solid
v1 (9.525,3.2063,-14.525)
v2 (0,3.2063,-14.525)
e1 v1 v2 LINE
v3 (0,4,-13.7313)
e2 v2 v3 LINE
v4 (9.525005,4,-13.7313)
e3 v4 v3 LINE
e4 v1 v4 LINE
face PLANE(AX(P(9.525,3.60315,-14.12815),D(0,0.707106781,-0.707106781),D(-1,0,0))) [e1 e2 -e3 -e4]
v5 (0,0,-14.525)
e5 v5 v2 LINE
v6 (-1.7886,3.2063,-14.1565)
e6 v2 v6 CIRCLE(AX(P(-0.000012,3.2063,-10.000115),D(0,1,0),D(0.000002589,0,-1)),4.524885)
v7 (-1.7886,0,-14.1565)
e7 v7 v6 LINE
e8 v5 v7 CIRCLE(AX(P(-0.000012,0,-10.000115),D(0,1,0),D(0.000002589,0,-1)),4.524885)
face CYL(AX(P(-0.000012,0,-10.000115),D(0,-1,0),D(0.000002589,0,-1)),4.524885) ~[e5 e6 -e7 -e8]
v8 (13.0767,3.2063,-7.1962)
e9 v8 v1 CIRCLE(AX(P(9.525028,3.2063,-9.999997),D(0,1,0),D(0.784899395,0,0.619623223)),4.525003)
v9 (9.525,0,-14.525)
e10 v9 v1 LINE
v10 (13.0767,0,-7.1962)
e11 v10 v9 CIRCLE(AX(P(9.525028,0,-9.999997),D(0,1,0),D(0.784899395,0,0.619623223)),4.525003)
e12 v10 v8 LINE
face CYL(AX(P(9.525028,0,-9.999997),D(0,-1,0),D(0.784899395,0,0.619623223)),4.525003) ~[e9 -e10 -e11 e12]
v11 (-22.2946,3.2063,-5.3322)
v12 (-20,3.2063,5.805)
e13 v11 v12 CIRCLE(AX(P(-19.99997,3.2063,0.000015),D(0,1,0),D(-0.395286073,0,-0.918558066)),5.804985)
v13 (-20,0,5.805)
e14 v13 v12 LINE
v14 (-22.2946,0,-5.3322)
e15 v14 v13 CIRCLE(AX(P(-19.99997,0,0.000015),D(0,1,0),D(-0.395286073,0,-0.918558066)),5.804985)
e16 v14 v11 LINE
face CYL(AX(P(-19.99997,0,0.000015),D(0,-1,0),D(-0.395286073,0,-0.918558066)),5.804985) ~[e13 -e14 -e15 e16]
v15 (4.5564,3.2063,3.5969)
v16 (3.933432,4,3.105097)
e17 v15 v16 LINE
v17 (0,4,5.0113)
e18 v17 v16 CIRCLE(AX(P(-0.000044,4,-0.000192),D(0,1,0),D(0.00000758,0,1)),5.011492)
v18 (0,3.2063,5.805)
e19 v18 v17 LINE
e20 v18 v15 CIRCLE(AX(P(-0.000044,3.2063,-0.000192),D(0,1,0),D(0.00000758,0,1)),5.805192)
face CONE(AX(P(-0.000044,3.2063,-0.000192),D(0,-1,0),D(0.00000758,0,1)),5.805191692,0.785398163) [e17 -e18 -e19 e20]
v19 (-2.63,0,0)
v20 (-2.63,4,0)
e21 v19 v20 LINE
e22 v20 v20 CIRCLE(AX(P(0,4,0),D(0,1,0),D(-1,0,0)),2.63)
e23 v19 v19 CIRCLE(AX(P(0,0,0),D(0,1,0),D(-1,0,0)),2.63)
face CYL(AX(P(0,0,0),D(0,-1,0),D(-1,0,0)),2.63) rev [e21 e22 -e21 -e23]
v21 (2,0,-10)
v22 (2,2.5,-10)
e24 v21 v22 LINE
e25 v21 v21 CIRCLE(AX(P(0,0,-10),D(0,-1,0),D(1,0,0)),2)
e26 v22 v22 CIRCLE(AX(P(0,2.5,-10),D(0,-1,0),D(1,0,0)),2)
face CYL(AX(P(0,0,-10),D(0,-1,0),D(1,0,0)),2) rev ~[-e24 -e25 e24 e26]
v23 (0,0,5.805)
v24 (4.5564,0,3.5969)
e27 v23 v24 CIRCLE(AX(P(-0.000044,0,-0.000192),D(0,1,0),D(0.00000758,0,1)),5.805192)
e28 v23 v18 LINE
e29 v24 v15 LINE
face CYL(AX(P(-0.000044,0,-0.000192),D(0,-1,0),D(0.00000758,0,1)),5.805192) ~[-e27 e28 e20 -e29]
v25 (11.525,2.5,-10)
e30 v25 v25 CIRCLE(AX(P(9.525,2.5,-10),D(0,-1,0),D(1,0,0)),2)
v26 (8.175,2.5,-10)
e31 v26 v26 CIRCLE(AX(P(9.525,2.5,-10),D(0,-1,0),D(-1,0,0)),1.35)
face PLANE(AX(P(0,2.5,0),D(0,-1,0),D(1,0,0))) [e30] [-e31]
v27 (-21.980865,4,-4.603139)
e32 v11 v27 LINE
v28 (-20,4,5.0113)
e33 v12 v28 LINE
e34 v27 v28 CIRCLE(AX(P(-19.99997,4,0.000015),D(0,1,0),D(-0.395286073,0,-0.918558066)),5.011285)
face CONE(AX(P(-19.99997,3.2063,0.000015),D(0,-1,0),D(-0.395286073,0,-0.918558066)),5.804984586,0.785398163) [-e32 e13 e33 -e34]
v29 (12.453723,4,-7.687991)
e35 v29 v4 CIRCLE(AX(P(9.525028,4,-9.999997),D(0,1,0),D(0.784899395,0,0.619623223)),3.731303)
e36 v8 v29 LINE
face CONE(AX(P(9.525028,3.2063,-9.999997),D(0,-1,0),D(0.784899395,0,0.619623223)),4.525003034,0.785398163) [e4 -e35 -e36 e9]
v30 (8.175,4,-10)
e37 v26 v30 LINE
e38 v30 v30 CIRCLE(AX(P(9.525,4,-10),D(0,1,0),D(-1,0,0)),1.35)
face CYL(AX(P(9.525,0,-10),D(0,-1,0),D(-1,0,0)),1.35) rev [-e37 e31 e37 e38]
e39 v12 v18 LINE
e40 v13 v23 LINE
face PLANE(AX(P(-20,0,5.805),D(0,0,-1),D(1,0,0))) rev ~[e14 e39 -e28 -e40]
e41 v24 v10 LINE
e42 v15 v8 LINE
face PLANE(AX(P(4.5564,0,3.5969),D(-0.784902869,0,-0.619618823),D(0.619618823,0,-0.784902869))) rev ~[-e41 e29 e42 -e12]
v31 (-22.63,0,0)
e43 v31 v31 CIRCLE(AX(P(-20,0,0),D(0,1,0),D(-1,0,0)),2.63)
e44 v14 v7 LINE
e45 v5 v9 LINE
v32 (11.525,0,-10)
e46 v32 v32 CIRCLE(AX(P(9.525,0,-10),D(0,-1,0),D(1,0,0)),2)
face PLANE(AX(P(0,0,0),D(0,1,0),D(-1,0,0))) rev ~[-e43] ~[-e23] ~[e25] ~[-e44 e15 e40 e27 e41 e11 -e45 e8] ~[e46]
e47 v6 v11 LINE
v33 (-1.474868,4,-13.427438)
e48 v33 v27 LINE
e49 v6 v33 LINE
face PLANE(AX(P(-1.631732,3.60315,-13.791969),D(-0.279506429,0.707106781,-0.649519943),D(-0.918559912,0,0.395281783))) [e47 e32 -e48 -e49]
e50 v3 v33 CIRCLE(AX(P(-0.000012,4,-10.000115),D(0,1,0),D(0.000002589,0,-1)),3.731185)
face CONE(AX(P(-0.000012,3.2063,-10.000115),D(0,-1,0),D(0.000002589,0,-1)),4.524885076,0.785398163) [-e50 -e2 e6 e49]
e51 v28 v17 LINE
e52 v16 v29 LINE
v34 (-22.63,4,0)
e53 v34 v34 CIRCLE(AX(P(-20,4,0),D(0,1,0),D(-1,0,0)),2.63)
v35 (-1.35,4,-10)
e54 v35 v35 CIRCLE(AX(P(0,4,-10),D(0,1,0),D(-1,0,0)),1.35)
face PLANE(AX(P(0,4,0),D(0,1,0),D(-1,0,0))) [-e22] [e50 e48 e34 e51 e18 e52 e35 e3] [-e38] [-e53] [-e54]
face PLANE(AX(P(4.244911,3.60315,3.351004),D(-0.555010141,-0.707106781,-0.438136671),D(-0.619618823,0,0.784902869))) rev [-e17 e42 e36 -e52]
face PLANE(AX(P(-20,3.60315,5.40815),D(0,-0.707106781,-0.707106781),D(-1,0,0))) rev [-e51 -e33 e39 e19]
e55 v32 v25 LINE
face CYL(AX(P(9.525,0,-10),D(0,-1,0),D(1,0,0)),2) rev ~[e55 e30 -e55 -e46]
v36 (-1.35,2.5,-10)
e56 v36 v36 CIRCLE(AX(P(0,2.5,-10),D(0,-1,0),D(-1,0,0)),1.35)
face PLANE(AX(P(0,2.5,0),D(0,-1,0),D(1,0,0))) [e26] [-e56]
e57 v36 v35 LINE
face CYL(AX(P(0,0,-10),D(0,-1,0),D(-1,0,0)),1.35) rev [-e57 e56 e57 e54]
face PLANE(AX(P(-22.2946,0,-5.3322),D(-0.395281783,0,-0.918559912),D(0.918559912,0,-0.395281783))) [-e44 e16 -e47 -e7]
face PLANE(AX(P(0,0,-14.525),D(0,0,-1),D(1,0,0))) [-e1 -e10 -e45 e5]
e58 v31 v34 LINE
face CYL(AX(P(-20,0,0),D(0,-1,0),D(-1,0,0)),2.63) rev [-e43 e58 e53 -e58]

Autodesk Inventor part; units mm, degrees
ref_plane "YZ Plane" through (0, 0, 0) normal (1, 0, 0) x (0, 1, 0)
ref_plane "XZ Plane" through (0, 0, 0) normal (0, 1, 0) x (-1, 0, 0)
ref_plane "XY Plane" through (0, 0, 0) normal (0, 0, 1) x (1, 0, 0)
sketch "Sketch1" plane through (0, 0, 0) normal (0, 1, 0) x (-1, 0, 0)
  circle A0 centre (0, 0) radius 2.63
  line L0 (0, 0) -> (0, -2.63) construction
  line L1 (0, 0) -> (2.63, 0) construction
  circle A1 centre (20, 0) radius 2.63
  circle A2 centre (0, -10) radius 1.35
  circle A3 centre (-9.525, -10) radius 1.35
  circle A4 centre (20, 0) radius 5.805 construction
  circle A5 centre (0, 0) radius 5.805 construction
  circle A6 centre (0, -10) radius 4.525 construction
  circle A7 centre (-9.525, -10) radius 4.525 construction
  line L2 (-4.5564, 3.5969) -> (-13.0767, -7.1962)
  line L3 (22.2946, -5.3322) -> (1.7886, -14.1565)
  line L4 (20, 5.805) -> (0, 5.805)
  line L5 (0, -14.525) -> (-9.525, -14.525)
  arc A8 (22.2946, -5.3322) -> (20, 5.805) centre (20, 0) ccw
  arc A9 (0, 5.805) -> (-4.5564, 3.5969) centre (0, 0) ccw
  arc A10 (0, -14.525) -> (1.7886, -14.1565) centre (0, -10) ccw
  arc A11 (-13.0767, -7.1962) -> (-9.525, -14.525) centre (-9.525, -10) ccw
  point P0 (-13.5097, -12.8558)
  dimension "d0" = 5.26
  dimension "d1" = 20
  dimension "d2" = 2.7
  dimension "d3" = 10
  dimension "d4" = 9.525
  dimension "d5" = 3.175
  dimension "d6" = 3.175
extrude "Extrusion1" add sketch "Sketch1" along normal blind 4
sketch "Sketch2" plane through (0, 0, 0) normal (0, -1, 0) x (1, 0, 0)
  line L0 (-20, 5.805) -> (0, 5.805) projected
  arc A0 (-20, 5.805) -> (-22.2946, -5.3322) centre (-20, 0) ccw projected
  line L1 (-1.7886, -14.1565) -> (-22.2946, -5.3322) projected
  arc A1 (-1.7886, -14.1565) -> (0, -14.525) centre (0, -10) ccw projected
  line L2 (9.525, -14.525) -> (0, -14.525) projected
  arc A2 (9.525, -14.525) -> (13.0767, -7.1962) centre (9.525, -10) ccw projected
  line L3 (4.5564, 3.5969) -> (13.0767, -7.1962) projected
  arc A3 (4.5564, 3.5969) -> (0, 5.805) centre (0, 0) ccw projected
  circle A4 centre (-20, 0) radius 2.63 projected
  circle A5 centre (9.525, -10) radius 1.35 projected
  circle A6 centre (0, -10) radius 1.35 projected
  circle A7 centre (0, 0) radius 2.63 projected
  circle A8 centre (9.525, -10) radius 2
  circle A9 centre (0, -10) radius 2
  dimension "d9" = 4
extrude "Extrusion2" cut sketch "Sketch2" against normal blind 2.5 contours A8 | A9
chamfer "Chamfer1" distance 0.7937 angle 45 8 edges at (-10, 4, 5.805) (2.5316, 4, 5.2239) (8.8165, 4, -1.7997) (13.597, 4, -11.9734) (4.7625, 4, -14.525) (-0.9131, 4, -14.4319) (-12.0416, 4, -9.7444) (-25.6856, 4, 1.1714)
properties part number "CNC-010-XAxisLimitSwitchMount" material "ABS Plastic"
